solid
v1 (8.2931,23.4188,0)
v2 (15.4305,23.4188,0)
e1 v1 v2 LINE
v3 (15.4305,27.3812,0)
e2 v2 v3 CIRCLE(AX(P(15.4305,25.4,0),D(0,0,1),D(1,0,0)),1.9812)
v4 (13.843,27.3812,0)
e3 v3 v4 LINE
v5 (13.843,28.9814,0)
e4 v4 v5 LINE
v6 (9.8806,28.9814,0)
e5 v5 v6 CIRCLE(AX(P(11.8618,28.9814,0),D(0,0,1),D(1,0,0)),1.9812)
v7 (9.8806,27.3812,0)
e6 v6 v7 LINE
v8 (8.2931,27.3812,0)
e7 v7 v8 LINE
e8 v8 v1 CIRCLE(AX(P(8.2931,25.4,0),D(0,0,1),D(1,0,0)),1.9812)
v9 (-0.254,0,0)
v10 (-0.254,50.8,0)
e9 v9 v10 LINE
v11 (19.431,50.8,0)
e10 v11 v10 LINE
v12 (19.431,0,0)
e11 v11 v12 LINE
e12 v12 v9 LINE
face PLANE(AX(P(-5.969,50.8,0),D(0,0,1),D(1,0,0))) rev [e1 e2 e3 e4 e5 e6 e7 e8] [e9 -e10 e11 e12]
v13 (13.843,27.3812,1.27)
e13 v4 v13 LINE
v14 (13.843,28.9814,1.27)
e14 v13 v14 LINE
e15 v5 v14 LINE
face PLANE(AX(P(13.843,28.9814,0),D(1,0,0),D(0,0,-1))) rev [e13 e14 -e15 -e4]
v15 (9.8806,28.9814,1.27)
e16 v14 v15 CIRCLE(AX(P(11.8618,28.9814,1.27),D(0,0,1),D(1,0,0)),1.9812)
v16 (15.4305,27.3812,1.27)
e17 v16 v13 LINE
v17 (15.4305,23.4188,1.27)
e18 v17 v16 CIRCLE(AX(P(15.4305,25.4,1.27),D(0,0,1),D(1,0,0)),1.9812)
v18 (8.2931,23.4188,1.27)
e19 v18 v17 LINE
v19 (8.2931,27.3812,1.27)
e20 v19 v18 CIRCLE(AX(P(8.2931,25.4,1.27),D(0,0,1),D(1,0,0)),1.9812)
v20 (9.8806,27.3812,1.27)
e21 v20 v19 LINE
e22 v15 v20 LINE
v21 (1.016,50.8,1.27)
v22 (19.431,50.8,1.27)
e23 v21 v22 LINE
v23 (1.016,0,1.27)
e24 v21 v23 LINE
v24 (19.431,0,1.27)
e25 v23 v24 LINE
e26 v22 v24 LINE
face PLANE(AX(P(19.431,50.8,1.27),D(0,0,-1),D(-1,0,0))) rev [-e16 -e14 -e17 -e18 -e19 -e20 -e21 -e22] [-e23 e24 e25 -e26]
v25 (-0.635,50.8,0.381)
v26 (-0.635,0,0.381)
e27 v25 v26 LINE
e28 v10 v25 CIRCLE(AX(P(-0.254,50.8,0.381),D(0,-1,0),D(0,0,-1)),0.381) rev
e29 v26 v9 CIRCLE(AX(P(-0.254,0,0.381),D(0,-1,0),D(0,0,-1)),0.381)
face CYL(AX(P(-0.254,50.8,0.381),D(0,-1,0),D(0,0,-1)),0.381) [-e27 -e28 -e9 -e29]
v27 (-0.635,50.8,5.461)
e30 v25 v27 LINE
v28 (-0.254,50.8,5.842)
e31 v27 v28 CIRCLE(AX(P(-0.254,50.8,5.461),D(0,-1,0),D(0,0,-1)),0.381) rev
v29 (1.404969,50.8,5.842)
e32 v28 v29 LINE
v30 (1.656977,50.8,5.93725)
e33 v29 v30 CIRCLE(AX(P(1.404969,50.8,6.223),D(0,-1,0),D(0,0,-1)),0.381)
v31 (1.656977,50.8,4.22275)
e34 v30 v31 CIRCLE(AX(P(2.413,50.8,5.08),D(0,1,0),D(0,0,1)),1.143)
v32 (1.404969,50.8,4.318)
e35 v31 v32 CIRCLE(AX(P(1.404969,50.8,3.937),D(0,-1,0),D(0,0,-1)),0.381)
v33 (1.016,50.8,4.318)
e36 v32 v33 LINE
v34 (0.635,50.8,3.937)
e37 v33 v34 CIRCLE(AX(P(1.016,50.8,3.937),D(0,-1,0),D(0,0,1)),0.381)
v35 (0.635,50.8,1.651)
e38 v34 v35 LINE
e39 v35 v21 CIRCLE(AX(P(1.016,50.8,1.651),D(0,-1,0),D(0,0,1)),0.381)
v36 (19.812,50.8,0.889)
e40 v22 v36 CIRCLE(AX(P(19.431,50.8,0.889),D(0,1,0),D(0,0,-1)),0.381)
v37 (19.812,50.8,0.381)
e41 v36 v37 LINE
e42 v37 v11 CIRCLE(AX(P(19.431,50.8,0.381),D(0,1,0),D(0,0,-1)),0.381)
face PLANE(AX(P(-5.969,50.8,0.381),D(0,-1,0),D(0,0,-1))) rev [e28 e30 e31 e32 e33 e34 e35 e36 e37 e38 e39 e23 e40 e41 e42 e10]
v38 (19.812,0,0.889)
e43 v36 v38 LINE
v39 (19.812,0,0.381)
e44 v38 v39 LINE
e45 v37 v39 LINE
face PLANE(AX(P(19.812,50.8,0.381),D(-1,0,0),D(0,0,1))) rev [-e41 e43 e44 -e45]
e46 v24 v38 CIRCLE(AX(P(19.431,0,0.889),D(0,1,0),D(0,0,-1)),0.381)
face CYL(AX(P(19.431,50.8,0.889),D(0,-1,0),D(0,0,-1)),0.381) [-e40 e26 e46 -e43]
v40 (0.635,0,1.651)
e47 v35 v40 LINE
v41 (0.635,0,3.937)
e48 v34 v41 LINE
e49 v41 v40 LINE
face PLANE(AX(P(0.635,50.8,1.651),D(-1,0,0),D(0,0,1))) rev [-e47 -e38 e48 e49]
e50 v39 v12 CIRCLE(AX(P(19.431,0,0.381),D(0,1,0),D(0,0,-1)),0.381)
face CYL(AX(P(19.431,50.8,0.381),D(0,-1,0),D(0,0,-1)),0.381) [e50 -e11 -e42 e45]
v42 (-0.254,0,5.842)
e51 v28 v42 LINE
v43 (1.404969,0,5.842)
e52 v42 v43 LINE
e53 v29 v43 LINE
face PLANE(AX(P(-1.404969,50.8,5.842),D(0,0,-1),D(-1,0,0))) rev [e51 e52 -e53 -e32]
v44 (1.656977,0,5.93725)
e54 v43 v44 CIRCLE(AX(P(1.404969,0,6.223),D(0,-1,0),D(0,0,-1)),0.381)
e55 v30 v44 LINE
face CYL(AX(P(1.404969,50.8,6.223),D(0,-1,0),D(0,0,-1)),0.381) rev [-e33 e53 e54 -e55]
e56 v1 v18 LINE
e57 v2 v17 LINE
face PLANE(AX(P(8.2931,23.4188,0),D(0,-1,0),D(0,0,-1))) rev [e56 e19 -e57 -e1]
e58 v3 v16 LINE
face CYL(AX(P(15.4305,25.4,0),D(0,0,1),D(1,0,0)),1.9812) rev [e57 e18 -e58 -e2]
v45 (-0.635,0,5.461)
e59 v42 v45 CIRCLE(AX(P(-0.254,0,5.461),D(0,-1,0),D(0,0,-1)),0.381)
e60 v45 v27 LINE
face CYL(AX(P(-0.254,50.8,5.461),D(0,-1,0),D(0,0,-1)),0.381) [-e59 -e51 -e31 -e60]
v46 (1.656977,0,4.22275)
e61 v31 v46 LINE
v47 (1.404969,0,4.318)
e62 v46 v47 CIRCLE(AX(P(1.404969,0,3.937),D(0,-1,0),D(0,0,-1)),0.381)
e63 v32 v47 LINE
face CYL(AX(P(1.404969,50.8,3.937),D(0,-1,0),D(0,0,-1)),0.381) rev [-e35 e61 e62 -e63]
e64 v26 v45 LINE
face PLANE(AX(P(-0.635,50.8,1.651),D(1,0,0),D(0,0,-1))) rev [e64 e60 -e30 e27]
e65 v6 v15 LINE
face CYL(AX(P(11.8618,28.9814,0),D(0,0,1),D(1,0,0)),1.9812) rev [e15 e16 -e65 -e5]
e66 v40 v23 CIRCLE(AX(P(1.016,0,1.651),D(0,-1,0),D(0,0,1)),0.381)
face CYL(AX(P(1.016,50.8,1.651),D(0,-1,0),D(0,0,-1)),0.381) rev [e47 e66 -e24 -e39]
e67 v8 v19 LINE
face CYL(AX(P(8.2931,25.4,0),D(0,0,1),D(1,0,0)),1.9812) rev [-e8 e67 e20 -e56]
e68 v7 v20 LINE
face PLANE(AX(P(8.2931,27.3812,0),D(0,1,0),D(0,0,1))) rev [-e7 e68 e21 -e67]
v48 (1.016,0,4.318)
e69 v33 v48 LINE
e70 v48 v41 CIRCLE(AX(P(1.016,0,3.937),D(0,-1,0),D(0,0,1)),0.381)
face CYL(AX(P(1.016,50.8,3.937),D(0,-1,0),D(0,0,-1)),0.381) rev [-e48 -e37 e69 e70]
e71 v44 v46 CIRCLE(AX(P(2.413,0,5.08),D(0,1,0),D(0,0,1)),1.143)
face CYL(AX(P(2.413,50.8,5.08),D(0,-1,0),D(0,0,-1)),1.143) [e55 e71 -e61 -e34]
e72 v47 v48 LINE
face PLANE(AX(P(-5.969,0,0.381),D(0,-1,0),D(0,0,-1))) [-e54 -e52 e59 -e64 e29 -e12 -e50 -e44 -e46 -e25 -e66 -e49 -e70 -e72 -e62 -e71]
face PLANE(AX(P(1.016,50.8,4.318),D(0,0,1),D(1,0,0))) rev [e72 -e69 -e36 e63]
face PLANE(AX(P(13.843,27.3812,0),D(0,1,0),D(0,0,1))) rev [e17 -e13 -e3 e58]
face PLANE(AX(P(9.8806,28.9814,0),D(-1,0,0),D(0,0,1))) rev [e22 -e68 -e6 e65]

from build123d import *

# Parameters (mm, degrees)
BOSS_EXTRUDE1_DEPTH = 50.8
SKETCH4_W           = 5.715
SKETCH4_H           = 6.223
CUT_EXTRUDE2_DEPTH  = 51.8
FILLET1_R           = 0.381
CUT_EXTRUDE1_DEPTH  = 2.27


with BuildPart() as part:
    # Sketch2 → Boss-Extrude1 (new body)
    with BuildSketch(Plane(origin=(0, 0, 0), x_dir=(1, 0, 0), z_dir=(0, 1, 0))):
        with BuildLine():
            Line((-5.969, 0), (19.431, 0))
            ThreePointArc((19.431, 0), (19.700407684, -0.111592316), (19.812, -0.381))
            Line((19.812, -0.381), (19.812, -0.889))
            ThreePointArc((19.812, -0.889), (19.700407684, -1.158407684), (19.431, -1.27))
            Line((19.431, -1.27), (1.016, -1.27))
            ThreePointArc((1.016, -1.27), (0.746592316, -1.381592316), (0.635, -1.651))
            Line((0.635, -1.651), (0.635, -3.937))
            ThreePointArc((0.635, -3.937), (0.746592316, -4.206407684), (1.016, -4.318))
            Line((1.016, -4.318), (1.40496875, -4.318))
            ThreePointArc((1.40496875, -4.318), (1.539672592, -4.293392866), (1.656976563, -4.22275))
            ThreePointArc((1.656976563, -4.22275), (3.556, -5.08), (1.656976563, -5.93725))
            ThreePointArc((1.656976563, -5.93725), (1.539672592, -5.866607134), (1.40496875, -5.842))
            Line((1.40496875, -5.842), (-1.40496875, -5.842))
            ThreePointArc((-1.40496875, -5.842), (-1.539672592, -5.866607134), (-1.656976563, -5.93725))
            ThreePointArc((-1.656976563, -5.93725), (-3.556, -5.08), (-1.656976563, -4.22275))
            ThreePointArc((-1.656976563, -4.22275), (-1.539672592, -4.293392866), (-1.40496875, -4.318))
            Line((-1.40496875, -4.318), (-1.016, -4.318))
            ThreePointArc((-1.016, -4.318), (-0.746592316, -4.206407684), (-0.635, -3.937))
            Line((-0.635, -3.937), (-0.635, -1.651))
            ThreePointArc((-0.635, -1.651), (-0.746592316, -1.381592316), (-1.016, -1.27))
            Line((-1.016, -1.27), (-5.969, -1.27))
            ThreePointArc((-5.969, -1.27), (-6.238407684, -1.158407684), (-6.35, -0.889))
            Line((-6.35, -0.889), (-6.35, -0.381))
            ThreePointArc((-6.35, -0.381), (-6.238407684, -0.111592316), (-5.969, 0))
        make_face()
    extrude(amount=BOSS_EXTRUDE1_DEPTH)

    # Sketch4 → Cut-Extrude2 (cut, through all)
    with BuildSketch(Plane.XZ):
        with Locations((-3.4925, 3.1115)):
            Rectangle(SKETCH4_W, SKETCH4_H)
    extrude(amount=-CUT_EXTRUDE2_DEPTH, mode=Mode.SUBTRACT)

    # Fillet1
    fillet1_edges = [part.edges().sort_by_distance(p)[0] for p in [
        (-0.635, 25.4, 5.842),
        (-0.635, 25.4, 0),
    ]]
    fillet(fillet1_edges, radius=FILLET1_R)

    # Sketch3 → Cut-Extrude1 (cut, through all)
    with BuildSketch(Plane.XY.offset(1.27)):
        with BuildLine():
            Line((8.2931, 27.3812), (9.8806, 27.3812))
            Line((9.8806, 27.3812), (9.8806, 28.9814))
            ThreePointArc((9.8806, 28.9814), (11.8618, 30.9626), (13.843, 28.9814))
            Line((13.843, 28.9814), (13.843, 27.3812))
            Line((13.843, 27.3812), (15.4305, 27.3812))
            ThreePointArc((15.4305, 27.3812), (17.4117, 25.4), (15.4305, 23.4188))
            Line((15.4305, 23.4188), (8.2931, 23.4188))
            ThreePointArc((8.2931, 23.4188), (6.3119, 25.4), (8.2931, 27.3812))
        make_face()
    extrude(amount=-CUT_EXTRUDE1_DEPTH, mode=Mode.SUBTRACT)


solid = part.part
